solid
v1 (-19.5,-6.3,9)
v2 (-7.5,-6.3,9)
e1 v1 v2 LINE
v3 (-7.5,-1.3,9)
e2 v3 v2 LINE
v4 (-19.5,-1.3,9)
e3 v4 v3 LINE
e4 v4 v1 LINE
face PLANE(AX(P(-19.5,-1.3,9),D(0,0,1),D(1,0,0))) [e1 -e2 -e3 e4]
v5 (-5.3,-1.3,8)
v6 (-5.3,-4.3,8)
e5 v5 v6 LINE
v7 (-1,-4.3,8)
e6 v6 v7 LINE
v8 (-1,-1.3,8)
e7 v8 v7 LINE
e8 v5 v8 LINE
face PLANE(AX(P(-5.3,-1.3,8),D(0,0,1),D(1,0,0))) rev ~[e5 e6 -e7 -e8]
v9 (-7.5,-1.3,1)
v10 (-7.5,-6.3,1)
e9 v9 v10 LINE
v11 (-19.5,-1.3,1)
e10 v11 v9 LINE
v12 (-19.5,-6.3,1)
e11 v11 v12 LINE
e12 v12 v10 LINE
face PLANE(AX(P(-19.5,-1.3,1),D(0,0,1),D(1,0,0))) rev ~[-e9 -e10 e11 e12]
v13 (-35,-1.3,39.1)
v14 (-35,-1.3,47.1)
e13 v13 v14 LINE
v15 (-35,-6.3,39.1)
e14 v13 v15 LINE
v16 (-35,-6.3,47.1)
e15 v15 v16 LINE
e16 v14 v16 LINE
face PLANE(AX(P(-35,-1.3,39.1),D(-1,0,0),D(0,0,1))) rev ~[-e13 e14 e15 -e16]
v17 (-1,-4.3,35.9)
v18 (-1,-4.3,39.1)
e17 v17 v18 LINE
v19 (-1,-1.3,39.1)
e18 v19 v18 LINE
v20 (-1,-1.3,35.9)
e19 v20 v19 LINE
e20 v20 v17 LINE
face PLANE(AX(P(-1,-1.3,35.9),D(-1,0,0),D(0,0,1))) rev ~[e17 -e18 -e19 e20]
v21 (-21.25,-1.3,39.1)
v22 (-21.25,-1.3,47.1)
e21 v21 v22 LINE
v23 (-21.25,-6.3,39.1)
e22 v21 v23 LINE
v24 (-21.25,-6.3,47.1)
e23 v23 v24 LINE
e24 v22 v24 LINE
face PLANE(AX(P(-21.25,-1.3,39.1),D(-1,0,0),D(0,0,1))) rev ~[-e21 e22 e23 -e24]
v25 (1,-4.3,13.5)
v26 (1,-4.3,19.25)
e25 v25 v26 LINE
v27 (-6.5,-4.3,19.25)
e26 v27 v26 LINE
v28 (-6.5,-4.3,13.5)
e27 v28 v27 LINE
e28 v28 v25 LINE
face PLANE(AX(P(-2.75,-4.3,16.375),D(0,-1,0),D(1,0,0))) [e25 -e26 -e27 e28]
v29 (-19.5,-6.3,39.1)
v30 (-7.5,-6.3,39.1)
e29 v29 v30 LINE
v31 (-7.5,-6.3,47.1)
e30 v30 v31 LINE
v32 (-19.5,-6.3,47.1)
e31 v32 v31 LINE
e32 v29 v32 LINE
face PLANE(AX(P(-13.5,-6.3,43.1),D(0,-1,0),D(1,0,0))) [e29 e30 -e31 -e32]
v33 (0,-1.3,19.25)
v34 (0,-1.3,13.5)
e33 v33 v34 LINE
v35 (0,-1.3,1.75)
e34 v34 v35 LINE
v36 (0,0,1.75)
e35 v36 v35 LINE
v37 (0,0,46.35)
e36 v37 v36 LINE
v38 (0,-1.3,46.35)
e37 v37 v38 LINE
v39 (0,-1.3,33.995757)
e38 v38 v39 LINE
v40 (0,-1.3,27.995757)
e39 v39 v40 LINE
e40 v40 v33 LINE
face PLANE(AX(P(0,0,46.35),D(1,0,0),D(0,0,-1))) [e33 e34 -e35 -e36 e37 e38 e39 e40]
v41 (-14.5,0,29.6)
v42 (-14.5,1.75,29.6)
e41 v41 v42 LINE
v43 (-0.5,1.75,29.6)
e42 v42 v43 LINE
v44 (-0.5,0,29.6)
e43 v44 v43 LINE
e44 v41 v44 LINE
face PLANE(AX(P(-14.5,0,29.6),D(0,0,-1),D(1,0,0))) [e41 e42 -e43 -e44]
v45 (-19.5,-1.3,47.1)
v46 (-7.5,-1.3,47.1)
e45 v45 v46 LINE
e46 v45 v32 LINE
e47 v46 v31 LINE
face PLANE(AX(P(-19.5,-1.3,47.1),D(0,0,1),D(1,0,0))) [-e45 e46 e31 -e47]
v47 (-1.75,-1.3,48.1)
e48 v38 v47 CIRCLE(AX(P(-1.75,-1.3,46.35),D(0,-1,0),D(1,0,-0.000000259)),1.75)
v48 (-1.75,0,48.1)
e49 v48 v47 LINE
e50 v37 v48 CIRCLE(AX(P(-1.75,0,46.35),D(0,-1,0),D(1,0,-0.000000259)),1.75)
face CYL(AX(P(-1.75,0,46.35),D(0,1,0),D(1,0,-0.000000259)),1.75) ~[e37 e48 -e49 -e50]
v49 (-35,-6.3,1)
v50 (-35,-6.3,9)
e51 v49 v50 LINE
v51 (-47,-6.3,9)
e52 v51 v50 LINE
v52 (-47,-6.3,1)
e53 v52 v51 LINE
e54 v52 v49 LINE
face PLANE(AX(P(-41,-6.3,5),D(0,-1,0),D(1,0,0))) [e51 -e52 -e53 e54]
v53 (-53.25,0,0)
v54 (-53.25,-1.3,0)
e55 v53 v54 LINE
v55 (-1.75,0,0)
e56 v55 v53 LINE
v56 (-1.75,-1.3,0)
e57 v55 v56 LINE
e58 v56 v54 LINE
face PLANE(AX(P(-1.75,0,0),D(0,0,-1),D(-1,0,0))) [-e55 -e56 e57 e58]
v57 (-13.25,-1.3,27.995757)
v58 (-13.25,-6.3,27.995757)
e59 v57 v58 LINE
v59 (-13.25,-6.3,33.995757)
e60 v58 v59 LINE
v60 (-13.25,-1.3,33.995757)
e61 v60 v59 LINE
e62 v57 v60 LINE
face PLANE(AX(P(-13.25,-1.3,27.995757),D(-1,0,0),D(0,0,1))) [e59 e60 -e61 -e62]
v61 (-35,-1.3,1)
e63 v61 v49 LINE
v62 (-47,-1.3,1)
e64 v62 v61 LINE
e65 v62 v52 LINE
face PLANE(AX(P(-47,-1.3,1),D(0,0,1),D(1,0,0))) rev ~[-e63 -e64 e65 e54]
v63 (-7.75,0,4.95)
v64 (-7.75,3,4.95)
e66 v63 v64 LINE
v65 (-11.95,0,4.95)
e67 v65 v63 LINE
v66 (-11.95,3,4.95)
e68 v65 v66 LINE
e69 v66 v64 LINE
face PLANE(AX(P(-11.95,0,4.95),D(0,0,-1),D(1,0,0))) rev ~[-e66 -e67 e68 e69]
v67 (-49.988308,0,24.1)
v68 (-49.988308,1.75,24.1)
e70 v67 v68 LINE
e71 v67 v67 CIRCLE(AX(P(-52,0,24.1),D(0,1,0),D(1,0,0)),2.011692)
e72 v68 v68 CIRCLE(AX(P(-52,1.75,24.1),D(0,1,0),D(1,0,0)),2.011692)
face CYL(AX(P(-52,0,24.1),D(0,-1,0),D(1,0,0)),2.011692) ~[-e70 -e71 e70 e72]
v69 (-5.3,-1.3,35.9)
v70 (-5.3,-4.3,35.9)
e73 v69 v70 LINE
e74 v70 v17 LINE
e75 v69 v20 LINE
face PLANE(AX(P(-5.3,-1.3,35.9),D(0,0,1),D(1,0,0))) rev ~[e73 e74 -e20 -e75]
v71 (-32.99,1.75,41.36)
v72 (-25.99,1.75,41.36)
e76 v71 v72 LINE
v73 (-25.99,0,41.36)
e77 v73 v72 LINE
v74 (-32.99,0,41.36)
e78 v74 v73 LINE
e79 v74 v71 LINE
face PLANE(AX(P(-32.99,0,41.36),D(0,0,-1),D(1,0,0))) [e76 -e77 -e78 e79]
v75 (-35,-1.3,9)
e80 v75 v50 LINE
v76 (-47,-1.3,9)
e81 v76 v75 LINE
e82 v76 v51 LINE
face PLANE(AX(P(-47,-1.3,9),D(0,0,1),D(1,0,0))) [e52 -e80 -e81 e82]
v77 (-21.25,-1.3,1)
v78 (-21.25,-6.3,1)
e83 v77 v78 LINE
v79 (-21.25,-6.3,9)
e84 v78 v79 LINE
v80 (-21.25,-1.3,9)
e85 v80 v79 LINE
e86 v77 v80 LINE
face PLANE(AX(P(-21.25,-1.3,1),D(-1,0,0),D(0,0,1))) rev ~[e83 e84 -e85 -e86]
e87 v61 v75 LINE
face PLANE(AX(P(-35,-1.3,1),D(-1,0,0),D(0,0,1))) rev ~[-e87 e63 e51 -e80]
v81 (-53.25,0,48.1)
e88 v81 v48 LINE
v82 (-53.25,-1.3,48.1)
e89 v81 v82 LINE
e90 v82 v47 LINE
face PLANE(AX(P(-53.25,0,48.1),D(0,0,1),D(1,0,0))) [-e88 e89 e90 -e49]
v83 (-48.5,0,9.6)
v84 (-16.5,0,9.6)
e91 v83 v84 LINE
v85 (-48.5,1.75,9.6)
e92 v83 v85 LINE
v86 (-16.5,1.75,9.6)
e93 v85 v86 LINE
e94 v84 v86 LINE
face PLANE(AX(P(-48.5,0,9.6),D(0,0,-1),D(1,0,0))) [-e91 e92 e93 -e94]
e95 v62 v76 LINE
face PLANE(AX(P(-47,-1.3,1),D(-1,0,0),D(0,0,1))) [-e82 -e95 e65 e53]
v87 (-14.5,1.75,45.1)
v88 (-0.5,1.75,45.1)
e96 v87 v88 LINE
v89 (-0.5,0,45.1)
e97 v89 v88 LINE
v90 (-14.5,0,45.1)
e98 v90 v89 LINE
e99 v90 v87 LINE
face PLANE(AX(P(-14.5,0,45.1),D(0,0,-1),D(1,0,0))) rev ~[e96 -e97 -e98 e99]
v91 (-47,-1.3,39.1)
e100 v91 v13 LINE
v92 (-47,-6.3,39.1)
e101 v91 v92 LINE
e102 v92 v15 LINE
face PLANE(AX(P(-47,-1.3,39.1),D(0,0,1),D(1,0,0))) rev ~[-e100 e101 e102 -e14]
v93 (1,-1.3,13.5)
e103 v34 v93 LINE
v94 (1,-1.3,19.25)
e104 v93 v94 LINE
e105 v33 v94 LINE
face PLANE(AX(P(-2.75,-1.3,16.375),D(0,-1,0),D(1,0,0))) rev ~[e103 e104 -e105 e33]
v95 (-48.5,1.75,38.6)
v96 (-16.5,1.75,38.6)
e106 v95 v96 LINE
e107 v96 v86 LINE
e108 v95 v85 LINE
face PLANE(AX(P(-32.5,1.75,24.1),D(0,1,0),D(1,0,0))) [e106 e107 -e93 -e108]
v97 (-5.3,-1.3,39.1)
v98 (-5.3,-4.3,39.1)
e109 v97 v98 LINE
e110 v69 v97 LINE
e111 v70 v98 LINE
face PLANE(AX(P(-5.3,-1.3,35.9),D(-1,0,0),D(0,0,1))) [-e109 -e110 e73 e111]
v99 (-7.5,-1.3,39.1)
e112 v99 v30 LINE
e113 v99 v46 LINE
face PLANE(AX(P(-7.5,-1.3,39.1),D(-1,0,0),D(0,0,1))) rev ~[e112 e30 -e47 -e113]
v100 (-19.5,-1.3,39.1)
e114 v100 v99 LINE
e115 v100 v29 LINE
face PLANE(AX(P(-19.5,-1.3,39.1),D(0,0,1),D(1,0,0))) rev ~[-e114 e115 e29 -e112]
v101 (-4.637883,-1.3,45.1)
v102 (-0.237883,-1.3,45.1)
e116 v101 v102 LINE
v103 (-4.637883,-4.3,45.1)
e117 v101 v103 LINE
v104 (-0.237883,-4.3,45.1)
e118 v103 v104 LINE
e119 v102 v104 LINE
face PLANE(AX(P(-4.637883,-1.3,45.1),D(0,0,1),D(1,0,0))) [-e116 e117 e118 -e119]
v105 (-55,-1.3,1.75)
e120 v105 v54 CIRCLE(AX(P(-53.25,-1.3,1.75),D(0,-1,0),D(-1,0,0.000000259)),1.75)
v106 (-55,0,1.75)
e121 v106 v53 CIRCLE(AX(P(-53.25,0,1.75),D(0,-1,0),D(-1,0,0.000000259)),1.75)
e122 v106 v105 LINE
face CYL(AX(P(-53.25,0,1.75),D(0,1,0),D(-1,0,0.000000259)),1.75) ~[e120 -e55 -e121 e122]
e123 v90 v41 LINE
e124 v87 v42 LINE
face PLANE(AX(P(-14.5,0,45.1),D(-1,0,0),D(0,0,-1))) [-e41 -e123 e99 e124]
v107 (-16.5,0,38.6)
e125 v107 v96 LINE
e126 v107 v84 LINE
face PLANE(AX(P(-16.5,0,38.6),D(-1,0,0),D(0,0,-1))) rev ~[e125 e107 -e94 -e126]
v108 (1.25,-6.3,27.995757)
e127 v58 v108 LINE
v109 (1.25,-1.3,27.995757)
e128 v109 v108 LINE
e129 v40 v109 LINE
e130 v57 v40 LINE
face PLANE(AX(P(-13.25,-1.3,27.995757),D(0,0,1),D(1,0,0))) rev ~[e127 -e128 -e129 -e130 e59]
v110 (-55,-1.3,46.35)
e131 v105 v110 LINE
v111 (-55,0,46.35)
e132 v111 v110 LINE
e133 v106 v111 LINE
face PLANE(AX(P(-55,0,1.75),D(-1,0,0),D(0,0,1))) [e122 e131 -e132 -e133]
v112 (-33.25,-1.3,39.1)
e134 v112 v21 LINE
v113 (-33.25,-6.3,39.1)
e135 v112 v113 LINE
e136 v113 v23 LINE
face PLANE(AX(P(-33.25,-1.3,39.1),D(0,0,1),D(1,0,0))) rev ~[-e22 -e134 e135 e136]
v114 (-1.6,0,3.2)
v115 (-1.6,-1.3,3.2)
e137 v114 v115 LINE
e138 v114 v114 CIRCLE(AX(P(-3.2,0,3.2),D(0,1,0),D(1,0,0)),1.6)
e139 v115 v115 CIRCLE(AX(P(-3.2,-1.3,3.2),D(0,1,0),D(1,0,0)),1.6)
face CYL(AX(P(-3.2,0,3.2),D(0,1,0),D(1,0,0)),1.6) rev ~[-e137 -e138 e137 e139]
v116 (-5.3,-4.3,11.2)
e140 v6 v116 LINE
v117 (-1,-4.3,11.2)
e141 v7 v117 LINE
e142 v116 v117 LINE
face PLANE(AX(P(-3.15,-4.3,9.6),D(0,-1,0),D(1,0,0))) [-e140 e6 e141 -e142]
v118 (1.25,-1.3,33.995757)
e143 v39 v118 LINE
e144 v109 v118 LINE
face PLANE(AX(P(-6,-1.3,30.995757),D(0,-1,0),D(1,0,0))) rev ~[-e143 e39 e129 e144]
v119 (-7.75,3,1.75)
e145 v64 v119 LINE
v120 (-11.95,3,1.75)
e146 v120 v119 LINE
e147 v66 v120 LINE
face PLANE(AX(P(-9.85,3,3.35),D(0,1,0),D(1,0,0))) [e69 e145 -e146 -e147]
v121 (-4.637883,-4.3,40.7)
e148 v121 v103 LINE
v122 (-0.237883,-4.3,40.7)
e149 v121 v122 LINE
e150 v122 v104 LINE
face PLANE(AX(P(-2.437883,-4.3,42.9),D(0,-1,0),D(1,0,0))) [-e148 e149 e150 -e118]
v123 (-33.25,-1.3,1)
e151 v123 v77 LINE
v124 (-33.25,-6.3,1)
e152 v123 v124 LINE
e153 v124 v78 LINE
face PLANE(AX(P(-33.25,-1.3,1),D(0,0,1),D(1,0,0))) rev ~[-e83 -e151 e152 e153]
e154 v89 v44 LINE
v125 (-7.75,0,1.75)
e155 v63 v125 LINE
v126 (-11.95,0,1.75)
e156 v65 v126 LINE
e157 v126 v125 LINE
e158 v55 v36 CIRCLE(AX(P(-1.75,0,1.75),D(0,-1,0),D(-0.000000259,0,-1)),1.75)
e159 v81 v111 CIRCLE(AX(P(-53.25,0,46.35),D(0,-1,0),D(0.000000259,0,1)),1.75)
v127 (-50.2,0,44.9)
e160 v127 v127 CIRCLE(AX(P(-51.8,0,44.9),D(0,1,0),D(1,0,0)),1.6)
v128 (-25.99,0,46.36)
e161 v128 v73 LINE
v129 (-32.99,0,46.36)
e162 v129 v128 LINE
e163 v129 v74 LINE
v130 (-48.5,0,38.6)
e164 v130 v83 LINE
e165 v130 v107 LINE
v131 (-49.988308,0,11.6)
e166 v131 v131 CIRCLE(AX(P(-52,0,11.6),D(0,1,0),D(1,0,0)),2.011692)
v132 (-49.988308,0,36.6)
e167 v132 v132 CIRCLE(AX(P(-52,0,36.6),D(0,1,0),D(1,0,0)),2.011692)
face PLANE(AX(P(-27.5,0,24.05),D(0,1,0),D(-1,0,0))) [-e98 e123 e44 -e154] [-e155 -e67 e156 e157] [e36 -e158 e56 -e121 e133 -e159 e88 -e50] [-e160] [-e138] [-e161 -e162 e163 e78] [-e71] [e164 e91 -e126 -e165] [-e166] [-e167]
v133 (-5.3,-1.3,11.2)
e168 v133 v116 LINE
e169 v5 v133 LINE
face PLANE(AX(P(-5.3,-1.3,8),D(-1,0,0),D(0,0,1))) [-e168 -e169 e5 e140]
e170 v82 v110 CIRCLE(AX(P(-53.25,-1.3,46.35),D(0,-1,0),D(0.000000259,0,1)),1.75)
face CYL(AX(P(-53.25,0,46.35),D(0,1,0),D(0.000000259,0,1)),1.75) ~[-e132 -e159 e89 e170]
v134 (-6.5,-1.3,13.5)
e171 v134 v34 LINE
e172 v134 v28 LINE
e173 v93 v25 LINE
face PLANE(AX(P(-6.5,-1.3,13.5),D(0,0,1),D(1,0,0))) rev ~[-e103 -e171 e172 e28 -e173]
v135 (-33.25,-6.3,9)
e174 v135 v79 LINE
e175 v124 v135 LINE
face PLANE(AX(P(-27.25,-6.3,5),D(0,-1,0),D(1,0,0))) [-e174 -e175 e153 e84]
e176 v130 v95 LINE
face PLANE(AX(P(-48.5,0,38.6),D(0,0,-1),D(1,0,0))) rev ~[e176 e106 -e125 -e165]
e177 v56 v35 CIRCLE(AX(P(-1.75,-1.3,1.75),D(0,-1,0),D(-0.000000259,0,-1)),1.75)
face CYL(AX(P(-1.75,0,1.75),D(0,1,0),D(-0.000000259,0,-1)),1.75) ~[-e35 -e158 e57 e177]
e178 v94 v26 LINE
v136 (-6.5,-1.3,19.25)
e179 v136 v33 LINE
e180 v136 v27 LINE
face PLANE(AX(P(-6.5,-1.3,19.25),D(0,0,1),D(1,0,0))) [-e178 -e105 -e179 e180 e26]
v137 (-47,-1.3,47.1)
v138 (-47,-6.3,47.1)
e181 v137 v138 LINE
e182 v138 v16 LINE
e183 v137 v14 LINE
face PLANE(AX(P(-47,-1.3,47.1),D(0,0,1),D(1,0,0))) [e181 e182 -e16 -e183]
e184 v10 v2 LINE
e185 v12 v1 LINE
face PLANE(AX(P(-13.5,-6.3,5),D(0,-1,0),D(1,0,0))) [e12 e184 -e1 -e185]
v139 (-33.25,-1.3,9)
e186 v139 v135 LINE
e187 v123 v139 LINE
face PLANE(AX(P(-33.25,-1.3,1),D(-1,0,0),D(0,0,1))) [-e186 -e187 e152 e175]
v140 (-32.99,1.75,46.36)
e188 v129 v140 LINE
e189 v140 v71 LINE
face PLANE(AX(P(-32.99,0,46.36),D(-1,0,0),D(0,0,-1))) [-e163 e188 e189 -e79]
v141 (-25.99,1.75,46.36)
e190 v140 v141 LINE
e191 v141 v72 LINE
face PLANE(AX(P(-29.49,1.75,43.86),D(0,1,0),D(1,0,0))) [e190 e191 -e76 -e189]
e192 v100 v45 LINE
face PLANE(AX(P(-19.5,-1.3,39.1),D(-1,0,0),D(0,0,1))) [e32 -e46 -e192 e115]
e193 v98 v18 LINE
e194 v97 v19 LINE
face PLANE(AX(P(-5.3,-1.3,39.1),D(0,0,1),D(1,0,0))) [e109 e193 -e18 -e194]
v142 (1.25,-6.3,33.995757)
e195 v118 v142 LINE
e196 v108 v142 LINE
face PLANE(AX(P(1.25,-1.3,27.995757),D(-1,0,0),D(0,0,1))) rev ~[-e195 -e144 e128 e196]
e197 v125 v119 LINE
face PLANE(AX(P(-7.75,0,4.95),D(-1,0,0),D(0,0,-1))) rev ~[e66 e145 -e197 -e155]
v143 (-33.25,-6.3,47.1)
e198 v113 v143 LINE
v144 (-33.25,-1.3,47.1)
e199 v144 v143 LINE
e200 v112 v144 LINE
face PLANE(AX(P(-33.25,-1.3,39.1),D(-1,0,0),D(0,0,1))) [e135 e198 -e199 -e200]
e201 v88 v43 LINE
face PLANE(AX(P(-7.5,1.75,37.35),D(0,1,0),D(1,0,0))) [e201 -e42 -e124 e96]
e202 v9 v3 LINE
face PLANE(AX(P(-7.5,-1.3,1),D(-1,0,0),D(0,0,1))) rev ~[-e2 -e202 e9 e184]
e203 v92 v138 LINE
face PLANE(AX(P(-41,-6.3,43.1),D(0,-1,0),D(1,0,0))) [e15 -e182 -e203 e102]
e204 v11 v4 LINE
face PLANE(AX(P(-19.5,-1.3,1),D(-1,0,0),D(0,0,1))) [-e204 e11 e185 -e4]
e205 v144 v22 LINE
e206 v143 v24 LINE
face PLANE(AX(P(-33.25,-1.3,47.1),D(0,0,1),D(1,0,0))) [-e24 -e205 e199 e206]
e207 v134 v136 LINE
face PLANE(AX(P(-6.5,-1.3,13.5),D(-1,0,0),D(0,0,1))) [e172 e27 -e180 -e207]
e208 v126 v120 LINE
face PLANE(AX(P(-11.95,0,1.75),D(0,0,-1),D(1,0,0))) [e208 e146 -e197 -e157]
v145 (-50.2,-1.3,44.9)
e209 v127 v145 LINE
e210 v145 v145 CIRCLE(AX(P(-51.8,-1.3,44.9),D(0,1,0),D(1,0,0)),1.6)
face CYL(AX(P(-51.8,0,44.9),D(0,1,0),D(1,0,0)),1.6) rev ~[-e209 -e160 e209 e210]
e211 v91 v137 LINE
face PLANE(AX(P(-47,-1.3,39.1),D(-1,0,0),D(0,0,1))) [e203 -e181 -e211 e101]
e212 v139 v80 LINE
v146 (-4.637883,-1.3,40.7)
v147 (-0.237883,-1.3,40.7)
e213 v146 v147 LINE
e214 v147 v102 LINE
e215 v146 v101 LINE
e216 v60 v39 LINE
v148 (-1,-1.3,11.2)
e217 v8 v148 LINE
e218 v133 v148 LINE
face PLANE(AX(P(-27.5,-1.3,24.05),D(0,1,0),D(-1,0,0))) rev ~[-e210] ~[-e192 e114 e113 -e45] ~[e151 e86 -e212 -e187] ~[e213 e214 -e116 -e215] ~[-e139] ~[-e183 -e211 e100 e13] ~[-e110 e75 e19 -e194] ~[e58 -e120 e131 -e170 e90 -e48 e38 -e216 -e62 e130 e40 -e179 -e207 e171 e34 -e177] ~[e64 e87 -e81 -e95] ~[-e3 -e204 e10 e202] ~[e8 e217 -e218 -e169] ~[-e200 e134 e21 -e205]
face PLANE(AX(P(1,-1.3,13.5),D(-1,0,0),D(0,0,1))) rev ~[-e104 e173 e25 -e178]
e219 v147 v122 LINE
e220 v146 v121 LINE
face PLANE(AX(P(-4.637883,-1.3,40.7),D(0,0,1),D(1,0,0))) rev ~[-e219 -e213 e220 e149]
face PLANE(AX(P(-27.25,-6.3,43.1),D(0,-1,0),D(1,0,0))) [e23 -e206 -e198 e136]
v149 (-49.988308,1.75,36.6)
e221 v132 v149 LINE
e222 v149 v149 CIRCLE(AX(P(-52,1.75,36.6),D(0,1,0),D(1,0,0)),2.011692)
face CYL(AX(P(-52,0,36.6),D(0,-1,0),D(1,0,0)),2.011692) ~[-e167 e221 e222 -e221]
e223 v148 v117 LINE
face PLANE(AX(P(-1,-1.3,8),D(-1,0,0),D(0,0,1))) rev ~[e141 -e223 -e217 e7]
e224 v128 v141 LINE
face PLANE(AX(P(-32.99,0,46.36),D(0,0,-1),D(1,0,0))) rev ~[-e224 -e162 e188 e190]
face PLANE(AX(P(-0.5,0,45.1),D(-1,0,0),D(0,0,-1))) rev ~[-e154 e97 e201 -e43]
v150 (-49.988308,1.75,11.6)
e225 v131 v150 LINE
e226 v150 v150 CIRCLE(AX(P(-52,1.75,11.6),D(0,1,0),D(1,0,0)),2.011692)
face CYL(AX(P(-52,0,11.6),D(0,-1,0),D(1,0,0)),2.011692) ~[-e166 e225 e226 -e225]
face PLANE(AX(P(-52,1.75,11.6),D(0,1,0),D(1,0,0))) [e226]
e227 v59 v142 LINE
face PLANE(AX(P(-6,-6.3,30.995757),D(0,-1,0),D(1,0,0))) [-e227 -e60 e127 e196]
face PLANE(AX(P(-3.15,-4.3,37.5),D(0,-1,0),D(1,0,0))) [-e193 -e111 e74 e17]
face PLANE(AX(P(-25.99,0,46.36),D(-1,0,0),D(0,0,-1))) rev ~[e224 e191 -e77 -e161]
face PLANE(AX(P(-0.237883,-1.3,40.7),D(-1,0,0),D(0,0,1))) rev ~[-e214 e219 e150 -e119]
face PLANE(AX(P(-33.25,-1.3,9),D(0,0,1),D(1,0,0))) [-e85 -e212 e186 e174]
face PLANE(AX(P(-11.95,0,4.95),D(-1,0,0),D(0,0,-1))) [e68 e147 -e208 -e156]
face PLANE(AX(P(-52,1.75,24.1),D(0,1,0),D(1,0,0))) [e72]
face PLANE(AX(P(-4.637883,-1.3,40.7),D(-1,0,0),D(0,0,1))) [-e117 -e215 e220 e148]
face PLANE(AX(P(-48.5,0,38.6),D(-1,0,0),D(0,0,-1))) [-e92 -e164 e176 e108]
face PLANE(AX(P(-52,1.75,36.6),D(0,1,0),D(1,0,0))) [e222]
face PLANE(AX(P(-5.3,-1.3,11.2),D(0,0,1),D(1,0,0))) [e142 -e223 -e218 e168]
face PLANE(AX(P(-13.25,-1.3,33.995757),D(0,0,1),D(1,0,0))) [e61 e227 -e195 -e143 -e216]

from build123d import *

# Parameters (mm, degrees)
PAD_DEPTH     = 1.3
SKETCH001_R   = 2.011692
SKETCH001_W   = 32
SKETCH001_H   = 29
SKETCH001_W_2 = 7
SKETCH001_H_2 = 5
SKETCH001_W_3 = 14
SKETCH001_H_3 = 15.5
PAD001_DEPTH  = 1.75
SKETCH002_W   = 12
SKETCH002_H   = 8
SKETCH002_W_2 = 14.5
SKETCH002_H_2 = 6
PAD002_DEPTH  = 5
SKETCH003_W   = 4.4
SKETCH003_H   = 4.4
SKETCH003_W_2 = 4.3
SKETCH003_H_2 = 3.2
SKETCH003_W_3 = 7.5
SKETCH003_H_3 = 5.75
PAD003_DEPTH  = 3
SKETCH004_W   = 4.2
SKETCH004_H   = 3.2
PAD004_DEPTH  = 3
SKETCH005_R   = 1.6
POCKET_DEPTH  = 6.301


with BuildPart() as part:
    # Sketch → Pad (new body)
    with BuildSketch(Plane.XZ):
        with BuildLine():
            Line((-53.25, 48.1), (-1.75, 48.1))
            ThreePointArc((0, 46.35), (-0.512563, 47.587437), (-1.75, 48.1))
            Line((0, 46.35), (0, 1.75))
            ThreePointArc((-1.75, 0), (-0.512563, 0.512563), (0, 1.75))
            Line((-1.75, 0), (-53.25, 0))
            ThreePointArc((-55, 1.75), (-54.487437, 0.512563), (-53.25, 0))
            Line((-55, 1.75), (-55, 46.35))
            ThreePointArc((-53.25, 48.1), (-54.487437, 47.587437), (-55, 46.35))
        make_face()
    extrude(amount=PAD_DEPTH)

    # Sketch001 (on Face9 of Pad) → Pad001 (join)
    with BuildSketch(Plane(origin=(0, 0, 0), x_dir=(1, 0, 0), z_dir=(0, 1, 0))):
        with Locations((-52, -24.1)):
            Circle(SKETCH001_R)
        with Locations((-52, -11.6)):
            Circle(SKETCH001_R)
        with Locations((-52, -36.6)):
            Circle(SKETCH001_R)
        with Locations((-32.5, -24.1)):
            Rectangle(SKETCH001_W, SKETCH001_H)
        with Locations((-29.49, -43.86)):
            Rectangle(SKETCH001_W_2, SKETCH001_H_2)
        with Locations((-7.5, -37.35)):
            Rectangle(SKETCH001_W_3, SKETCH001_H_3)
    extrude(amount=PAD001_DEPTH)

    # Sketch002 (on Face5 of Pad001) → Pad002 (join)
    with BuildSketch(Plane.XZ.offset(1.3)):
        with Locations((-41, 43.1)):
            Rectangle(SKETCH002_W, SKETCH002_H)
        with Locations((-27.25, 43.1)):
            Rectangle(SKETCH002_W, SKETCH002_H)
        with Locations((-13.5, 43.1)):
            Rectangle(SKETCH002_W, SKETCH002_H)
        with Locations((-41, 5)):
            Rectangle(SKETCH002_W, SKETCH002_H)
        with Locations((-27.25, 5)):
            Rectangle(SKETCH002_W, SKETCH002_H)
        with Locations((-13.5, 5)):
            Rectangle(SKETCH002_W, SKETCH002_H)
        with Locations((-6, 30.995757)):
            Rectangle(SKETCH002_W_2, SKETCH002_H_2)
    extrude(amount=PAD002_DEPTH)

    # Sketch003 (on Face5 of Pad002) → Pad003 (join)
    with BuildSketch(Plane.XZ.offset(1.3)):
        with Locations((-2.437883, 42.9)):
            Rectangle(SKETCH003_W, SKETCH003_H)
        with Locations((-3.15, 37.5)):
            Rectangle(SKETCH003_W_2, SKETCH003_H_2)
        with Locations((-2.75, 16.375)):
            Rectangle(SKETCH003_W_3, SKETCH003_H_3)
        with Locations((-3.15, 9.6)):
            Rectangle(SKETCH003_W_2, SKETCH003_H_2)
    extrude(amount=PAD003_DEPTH)

    # Sketch004 (on Face4 of Pad003) → Pad004 (join)
    with BuildSketch(Plane(origin=(0, 0, 0), x_dir=(1, 0, 0), z_dir=(0, 1, 0))):
        with Locations((-9.85, -3.35)):
            Rectangle(SKETCH004_W, SKETCH004_H)
    extrude(amount=PAD004_DEPTH)

    # Sketch005 (on Face4 of Pad004) → Pocket (cut, through all)
    with BuildSketch(Plane(origin=(0, 0, 0), x_dir=(1, 0, 0), z_dir=(0, 1, 0))):
        with Locations((-3.2, -3.2)):
            Circle(SKETCH005_R)
        with Locations((-51.8, -44.9)):
            Circle(SKETCH005_R)
    extrude(amount=-POCKET_DEPTH, mode=Mode.SUBTRACT)


solid = part.part
